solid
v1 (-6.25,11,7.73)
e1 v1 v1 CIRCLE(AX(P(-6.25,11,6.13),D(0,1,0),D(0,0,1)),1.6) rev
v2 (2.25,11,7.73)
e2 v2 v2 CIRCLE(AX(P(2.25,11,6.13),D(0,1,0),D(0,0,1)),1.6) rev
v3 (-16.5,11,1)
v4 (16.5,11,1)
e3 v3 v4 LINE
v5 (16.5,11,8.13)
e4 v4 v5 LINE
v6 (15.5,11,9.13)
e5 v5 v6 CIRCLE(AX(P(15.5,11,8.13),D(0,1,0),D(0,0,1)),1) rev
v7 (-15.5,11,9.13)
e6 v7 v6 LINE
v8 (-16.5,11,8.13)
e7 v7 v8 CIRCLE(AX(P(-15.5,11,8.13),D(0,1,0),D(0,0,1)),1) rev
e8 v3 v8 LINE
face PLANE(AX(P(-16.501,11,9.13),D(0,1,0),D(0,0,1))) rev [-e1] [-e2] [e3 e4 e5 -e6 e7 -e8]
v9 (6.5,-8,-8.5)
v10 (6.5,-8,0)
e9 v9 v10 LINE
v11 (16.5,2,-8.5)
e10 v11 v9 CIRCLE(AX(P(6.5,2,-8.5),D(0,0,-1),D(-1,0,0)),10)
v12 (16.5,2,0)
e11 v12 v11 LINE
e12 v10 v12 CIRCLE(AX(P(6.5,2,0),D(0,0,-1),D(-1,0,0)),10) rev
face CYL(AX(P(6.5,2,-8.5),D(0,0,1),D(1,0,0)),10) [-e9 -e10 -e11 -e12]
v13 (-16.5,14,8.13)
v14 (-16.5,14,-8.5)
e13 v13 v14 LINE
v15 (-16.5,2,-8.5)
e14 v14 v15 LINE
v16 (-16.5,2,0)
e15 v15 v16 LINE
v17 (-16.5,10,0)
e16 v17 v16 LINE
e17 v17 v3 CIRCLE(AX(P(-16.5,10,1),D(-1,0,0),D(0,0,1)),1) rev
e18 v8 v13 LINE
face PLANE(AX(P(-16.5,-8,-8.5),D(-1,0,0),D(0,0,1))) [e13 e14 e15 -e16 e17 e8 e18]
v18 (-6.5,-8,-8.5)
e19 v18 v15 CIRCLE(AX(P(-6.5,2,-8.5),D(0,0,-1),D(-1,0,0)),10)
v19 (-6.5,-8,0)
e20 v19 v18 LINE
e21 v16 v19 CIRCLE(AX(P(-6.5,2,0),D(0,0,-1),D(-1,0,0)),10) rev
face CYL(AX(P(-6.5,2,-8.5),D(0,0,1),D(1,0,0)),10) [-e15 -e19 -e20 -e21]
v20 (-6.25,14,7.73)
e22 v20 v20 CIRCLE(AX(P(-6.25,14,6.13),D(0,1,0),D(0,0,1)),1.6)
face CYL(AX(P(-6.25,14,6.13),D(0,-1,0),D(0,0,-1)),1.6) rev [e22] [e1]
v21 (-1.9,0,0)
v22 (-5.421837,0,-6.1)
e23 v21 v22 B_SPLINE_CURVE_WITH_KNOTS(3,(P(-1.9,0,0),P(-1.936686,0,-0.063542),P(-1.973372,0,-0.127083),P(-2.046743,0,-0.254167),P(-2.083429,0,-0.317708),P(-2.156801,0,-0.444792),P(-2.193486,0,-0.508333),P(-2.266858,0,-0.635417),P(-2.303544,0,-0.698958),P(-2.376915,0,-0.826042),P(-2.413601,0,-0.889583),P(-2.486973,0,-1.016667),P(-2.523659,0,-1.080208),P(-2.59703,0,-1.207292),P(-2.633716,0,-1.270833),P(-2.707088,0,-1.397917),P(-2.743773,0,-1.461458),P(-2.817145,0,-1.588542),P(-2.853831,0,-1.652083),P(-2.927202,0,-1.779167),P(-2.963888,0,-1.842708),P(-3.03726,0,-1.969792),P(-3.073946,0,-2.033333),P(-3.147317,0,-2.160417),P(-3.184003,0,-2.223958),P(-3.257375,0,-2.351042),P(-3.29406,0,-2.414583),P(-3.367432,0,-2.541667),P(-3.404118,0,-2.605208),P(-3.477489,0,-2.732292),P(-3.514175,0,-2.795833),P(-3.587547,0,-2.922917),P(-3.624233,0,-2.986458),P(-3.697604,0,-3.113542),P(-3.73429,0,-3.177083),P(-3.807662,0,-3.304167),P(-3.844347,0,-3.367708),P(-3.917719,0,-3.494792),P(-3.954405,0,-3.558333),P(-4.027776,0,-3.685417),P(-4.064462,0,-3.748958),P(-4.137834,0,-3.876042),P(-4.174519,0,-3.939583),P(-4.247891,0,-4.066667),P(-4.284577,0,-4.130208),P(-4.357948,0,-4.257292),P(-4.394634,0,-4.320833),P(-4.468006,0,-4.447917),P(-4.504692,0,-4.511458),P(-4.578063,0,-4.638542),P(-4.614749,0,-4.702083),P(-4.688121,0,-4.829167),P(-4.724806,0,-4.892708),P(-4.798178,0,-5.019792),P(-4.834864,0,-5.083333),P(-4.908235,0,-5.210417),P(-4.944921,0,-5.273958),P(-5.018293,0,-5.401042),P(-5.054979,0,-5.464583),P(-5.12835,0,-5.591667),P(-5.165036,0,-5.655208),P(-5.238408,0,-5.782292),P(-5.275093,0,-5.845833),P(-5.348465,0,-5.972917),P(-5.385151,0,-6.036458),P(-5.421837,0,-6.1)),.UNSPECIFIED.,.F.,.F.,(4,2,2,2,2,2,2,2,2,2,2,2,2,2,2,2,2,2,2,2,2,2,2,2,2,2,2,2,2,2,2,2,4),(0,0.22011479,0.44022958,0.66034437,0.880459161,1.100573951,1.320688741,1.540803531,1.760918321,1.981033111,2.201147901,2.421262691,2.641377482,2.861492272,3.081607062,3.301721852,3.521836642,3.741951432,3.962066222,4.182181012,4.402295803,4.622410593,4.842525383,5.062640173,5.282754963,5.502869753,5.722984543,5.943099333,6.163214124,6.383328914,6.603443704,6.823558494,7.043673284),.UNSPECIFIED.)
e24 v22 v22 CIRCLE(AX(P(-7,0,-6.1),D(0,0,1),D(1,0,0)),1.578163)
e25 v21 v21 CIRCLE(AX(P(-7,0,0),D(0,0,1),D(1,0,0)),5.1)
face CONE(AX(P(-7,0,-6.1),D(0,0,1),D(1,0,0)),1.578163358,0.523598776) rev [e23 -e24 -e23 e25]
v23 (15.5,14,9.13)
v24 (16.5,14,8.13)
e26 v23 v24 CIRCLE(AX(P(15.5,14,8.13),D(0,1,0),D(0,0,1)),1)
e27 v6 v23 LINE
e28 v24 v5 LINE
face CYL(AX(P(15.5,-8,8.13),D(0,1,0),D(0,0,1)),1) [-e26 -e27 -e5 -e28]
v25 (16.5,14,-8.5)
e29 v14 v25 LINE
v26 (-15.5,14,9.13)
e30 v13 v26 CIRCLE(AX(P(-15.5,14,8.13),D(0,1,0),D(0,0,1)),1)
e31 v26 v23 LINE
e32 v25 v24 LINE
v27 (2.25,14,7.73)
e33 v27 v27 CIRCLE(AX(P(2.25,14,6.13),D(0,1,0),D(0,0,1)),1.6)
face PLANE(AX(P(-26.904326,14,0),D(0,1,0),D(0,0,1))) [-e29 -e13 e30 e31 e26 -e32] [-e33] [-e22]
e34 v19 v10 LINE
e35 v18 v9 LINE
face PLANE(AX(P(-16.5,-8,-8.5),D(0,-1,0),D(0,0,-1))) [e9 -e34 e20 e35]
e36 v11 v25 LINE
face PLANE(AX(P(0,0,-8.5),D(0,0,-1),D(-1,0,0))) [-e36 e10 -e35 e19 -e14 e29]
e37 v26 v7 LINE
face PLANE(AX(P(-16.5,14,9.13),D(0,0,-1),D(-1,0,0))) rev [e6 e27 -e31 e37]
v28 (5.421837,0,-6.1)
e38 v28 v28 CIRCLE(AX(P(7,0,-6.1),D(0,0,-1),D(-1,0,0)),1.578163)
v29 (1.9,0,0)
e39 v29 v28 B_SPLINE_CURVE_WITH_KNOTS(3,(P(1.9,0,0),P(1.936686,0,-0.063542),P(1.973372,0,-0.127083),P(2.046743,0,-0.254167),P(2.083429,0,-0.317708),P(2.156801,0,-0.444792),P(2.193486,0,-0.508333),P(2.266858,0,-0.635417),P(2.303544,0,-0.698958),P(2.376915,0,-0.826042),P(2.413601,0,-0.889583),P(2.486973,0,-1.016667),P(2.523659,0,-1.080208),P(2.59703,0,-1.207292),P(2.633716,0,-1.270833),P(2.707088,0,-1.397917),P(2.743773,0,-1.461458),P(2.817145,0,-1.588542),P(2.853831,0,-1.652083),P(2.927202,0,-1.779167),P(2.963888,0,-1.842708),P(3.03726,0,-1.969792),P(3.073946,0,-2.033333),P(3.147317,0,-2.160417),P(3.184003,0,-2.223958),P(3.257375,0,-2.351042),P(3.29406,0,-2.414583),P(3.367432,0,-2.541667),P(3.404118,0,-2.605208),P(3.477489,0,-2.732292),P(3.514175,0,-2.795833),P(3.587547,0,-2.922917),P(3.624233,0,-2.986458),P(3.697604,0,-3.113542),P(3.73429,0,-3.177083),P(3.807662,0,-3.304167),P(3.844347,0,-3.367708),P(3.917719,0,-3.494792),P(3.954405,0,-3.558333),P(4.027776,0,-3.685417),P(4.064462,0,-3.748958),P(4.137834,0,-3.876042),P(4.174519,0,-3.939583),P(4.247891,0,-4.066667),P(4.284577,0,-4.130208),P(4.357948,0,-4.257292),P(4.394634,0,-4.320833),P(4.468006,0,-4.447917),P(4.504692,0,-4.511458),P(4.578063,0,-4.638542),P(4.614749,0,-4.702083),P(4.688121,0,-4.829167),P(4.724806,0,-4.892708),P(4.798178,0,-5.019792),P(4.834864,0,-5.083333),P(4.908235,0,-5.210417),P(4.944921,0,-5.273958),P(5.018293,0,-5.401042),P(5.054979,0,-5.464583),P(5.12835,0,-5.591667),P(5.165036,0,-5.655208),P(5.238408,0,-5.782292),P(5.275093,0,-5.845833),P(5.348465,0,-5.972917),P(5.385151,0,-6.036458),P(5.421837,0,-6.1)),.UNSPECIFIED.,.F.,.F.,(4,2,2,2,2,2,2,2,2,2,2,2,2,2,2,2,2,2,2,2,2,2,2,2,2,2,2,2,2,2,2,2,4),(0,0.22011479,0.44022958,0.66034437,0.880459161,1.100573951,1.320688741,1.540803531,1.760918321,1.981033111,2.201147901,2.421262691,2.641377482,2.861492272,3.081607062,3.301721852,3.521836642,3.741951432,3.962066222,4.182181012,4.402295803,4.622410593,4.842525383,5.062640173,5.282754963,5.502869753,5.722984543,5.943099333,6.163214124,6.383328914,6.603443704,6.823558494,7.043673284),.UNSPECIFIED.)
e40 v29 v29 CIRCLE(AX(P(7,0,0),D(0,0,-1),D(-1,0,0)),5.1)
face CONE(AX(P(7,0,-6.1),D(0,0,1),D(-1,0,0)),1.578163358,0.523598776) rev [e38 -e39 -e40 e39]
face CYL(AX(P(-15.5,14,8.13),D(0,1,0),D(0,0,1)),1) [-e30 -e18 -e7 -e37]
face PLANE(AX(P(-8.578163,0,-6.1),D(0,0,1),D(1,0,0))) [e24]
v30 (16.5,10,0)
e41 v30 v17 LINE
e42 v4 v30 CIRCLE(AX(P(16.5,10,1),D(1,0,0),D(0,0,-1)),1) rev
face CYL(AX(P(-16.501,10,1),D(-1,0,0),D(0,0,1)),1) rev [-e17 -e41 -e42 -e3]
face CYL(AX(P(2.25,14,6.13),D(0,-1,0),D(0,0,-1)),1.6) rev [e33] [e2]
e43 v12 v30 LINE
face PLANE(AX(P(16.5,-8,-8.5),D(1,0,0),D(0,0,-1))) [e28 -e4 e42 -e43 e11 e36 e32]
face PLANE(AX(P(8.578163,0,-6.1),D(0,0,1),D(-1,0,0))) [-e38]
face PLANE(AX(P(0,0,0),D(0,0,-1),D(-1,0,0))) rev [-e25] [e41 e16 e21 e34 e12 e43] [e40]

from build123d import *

# Parameters (mm, degrees)
SKETCH_1_W          = 33
SKETCH_1_H          = 16
EXTRUDE_1_DEPTH     = 8.5
SKETCH_4_R          = 1.6
EXTRUDE_2_DEPTH     = 6
FILLET_1_R          = 10
SKETCH_5_W          = 8.5
SKETCH_5_H          = 6
EXTRUDE_3_DEPTH     = 33
CUT_EXTRUDE_1_REACH = 38.991
SKETCH_6_W          = 9.13
SKETCH_6_H          = 3
FILLET_2_R          = 1


with BuildPart() as part:
    # 草图1 → 凸台-拉伸1 (new body)
    with BuildSketch(Plane.XY):
        Rectangle(SKETCH_1_W, SKETCH_1_H)
    extrude(amount=-EXTRUDE_1_DEPTH)

    # 草图3 → 切除-旋转1 (revolve, cut)
    with BuildSketch(Plane(origin=(0, 0, 0), x_dir=(1, 0, 0), z_dir=(0, 1, 0)), mode=Mode.PRIVATE) as cut_revolve_1_sk:
        Polygon((-7, 0), (-7, 6.1), (-8.578163358, 6.1), (-12.1, 0), align=None)
    cut_revolve_1 = revolve(cut_revolve_1_sk.sketch.rotate(Axis((-7, 0, 0), (0, 0, -1)), 180), axis=Axis((-7, 0, 0), (0, 0, -1)), mode=Mode.SUBTRACT)

    # 镜向1: 切除-旋转1 across plane
    add(cut_revolve_1.mirror(Plane(origin=(0, 0, 0), x_dir=(0, 0, 1), z_dir=(1, 0, 0))), mode=Mode.SUBTRACT)

    # 圆角1
    fillet_1_edges = [part.edges().sort_by_distance(p)[0] for p in [
        (16.5, -8, -4.25),
        (-16.5, -8, -4.25),
    ]]
    fillet(fillet_1_edges, radius=FILLET_1_R)



with BuildPart() as body_2:
    # 草图4 → 凸台-拉伸2 (new body)
    with BuildSketch(Plane(origin=(0, 8, 0), x_dir=(1, 0, 0), z_dir=(0, 1, 0))):
        Polygon((-16.5, 0), (-10.5, 0), (6.5, 0), (16.5, 0), (16.5, -9.13), (-16.5, -9.13), align=None)
        with Locations(Location((-6.25, -6.13, 0), (0, 0, 270))):
            Circle(SKETCH_4_R, mode=Mode.SUBTRACT)
        with Locations(Location((2.25, -6.13, 0), (0, 0, 270))):
            Circle(SKETCH_4_R, mode=Mode.SUBTRACT)
    extrude(amount=EXTRUDE_2_DEPTH)


with BuildPart() as part_1:
    add(part.part)

    add(body_2.part)  # 凸台-拉伸3 merges body 2
    # 草图5 → 凸台-拉伸3 (add)
    with BuildSketch(Plane(origin=(16.5, 0, 0), x_dir=(0, 0, -1), z_dir=(1, 0, 0))):
        with Locations((4.25, 11)):
            Rectangle(SKETCH_5_W, SKETCH_5_H)
    extrude(amount=-EXTRUDE_3_DEPTH)

    # 草图6 → 切除-拉伸1 (cut, up to next)
    with BuildSketch(Plane(origin=(16.5, 0, 0), x_dir=(0, 0, -1), z_dir=(1, 0, 0)), mode=Mode.PRIVATE) as cut_extrude_1_sk1:
        with Locations((-4.565, 9.5)):
            Rectangle(SKETCH_6_W, SKETCH_6_H)
    cut_extrude_1_tool1 = extrude(cut_extrude_1_sk1.sketch, amount=-CUT_EXTRUDE_1_REACH, mode=Mode.PRIVATE) & part_1.part
    add(cut_extrude_1_tool1.solids().sort_by_distance((16.5, 9.5, 4.565))[0], mode=Mode.SUBTRACT)

    # 圆角2
    fillet_2_edges = [part_1.edges().sort_by_distance(p)[0] for p in [
        (-16.5, 12.5, 9.13),
        (16.5, 12.5, 9.13),
        (0, 11, 0),
    ]]
    fillet(fillet_2_edges, radius=FILLET_2_R)


solid = part_1.part
